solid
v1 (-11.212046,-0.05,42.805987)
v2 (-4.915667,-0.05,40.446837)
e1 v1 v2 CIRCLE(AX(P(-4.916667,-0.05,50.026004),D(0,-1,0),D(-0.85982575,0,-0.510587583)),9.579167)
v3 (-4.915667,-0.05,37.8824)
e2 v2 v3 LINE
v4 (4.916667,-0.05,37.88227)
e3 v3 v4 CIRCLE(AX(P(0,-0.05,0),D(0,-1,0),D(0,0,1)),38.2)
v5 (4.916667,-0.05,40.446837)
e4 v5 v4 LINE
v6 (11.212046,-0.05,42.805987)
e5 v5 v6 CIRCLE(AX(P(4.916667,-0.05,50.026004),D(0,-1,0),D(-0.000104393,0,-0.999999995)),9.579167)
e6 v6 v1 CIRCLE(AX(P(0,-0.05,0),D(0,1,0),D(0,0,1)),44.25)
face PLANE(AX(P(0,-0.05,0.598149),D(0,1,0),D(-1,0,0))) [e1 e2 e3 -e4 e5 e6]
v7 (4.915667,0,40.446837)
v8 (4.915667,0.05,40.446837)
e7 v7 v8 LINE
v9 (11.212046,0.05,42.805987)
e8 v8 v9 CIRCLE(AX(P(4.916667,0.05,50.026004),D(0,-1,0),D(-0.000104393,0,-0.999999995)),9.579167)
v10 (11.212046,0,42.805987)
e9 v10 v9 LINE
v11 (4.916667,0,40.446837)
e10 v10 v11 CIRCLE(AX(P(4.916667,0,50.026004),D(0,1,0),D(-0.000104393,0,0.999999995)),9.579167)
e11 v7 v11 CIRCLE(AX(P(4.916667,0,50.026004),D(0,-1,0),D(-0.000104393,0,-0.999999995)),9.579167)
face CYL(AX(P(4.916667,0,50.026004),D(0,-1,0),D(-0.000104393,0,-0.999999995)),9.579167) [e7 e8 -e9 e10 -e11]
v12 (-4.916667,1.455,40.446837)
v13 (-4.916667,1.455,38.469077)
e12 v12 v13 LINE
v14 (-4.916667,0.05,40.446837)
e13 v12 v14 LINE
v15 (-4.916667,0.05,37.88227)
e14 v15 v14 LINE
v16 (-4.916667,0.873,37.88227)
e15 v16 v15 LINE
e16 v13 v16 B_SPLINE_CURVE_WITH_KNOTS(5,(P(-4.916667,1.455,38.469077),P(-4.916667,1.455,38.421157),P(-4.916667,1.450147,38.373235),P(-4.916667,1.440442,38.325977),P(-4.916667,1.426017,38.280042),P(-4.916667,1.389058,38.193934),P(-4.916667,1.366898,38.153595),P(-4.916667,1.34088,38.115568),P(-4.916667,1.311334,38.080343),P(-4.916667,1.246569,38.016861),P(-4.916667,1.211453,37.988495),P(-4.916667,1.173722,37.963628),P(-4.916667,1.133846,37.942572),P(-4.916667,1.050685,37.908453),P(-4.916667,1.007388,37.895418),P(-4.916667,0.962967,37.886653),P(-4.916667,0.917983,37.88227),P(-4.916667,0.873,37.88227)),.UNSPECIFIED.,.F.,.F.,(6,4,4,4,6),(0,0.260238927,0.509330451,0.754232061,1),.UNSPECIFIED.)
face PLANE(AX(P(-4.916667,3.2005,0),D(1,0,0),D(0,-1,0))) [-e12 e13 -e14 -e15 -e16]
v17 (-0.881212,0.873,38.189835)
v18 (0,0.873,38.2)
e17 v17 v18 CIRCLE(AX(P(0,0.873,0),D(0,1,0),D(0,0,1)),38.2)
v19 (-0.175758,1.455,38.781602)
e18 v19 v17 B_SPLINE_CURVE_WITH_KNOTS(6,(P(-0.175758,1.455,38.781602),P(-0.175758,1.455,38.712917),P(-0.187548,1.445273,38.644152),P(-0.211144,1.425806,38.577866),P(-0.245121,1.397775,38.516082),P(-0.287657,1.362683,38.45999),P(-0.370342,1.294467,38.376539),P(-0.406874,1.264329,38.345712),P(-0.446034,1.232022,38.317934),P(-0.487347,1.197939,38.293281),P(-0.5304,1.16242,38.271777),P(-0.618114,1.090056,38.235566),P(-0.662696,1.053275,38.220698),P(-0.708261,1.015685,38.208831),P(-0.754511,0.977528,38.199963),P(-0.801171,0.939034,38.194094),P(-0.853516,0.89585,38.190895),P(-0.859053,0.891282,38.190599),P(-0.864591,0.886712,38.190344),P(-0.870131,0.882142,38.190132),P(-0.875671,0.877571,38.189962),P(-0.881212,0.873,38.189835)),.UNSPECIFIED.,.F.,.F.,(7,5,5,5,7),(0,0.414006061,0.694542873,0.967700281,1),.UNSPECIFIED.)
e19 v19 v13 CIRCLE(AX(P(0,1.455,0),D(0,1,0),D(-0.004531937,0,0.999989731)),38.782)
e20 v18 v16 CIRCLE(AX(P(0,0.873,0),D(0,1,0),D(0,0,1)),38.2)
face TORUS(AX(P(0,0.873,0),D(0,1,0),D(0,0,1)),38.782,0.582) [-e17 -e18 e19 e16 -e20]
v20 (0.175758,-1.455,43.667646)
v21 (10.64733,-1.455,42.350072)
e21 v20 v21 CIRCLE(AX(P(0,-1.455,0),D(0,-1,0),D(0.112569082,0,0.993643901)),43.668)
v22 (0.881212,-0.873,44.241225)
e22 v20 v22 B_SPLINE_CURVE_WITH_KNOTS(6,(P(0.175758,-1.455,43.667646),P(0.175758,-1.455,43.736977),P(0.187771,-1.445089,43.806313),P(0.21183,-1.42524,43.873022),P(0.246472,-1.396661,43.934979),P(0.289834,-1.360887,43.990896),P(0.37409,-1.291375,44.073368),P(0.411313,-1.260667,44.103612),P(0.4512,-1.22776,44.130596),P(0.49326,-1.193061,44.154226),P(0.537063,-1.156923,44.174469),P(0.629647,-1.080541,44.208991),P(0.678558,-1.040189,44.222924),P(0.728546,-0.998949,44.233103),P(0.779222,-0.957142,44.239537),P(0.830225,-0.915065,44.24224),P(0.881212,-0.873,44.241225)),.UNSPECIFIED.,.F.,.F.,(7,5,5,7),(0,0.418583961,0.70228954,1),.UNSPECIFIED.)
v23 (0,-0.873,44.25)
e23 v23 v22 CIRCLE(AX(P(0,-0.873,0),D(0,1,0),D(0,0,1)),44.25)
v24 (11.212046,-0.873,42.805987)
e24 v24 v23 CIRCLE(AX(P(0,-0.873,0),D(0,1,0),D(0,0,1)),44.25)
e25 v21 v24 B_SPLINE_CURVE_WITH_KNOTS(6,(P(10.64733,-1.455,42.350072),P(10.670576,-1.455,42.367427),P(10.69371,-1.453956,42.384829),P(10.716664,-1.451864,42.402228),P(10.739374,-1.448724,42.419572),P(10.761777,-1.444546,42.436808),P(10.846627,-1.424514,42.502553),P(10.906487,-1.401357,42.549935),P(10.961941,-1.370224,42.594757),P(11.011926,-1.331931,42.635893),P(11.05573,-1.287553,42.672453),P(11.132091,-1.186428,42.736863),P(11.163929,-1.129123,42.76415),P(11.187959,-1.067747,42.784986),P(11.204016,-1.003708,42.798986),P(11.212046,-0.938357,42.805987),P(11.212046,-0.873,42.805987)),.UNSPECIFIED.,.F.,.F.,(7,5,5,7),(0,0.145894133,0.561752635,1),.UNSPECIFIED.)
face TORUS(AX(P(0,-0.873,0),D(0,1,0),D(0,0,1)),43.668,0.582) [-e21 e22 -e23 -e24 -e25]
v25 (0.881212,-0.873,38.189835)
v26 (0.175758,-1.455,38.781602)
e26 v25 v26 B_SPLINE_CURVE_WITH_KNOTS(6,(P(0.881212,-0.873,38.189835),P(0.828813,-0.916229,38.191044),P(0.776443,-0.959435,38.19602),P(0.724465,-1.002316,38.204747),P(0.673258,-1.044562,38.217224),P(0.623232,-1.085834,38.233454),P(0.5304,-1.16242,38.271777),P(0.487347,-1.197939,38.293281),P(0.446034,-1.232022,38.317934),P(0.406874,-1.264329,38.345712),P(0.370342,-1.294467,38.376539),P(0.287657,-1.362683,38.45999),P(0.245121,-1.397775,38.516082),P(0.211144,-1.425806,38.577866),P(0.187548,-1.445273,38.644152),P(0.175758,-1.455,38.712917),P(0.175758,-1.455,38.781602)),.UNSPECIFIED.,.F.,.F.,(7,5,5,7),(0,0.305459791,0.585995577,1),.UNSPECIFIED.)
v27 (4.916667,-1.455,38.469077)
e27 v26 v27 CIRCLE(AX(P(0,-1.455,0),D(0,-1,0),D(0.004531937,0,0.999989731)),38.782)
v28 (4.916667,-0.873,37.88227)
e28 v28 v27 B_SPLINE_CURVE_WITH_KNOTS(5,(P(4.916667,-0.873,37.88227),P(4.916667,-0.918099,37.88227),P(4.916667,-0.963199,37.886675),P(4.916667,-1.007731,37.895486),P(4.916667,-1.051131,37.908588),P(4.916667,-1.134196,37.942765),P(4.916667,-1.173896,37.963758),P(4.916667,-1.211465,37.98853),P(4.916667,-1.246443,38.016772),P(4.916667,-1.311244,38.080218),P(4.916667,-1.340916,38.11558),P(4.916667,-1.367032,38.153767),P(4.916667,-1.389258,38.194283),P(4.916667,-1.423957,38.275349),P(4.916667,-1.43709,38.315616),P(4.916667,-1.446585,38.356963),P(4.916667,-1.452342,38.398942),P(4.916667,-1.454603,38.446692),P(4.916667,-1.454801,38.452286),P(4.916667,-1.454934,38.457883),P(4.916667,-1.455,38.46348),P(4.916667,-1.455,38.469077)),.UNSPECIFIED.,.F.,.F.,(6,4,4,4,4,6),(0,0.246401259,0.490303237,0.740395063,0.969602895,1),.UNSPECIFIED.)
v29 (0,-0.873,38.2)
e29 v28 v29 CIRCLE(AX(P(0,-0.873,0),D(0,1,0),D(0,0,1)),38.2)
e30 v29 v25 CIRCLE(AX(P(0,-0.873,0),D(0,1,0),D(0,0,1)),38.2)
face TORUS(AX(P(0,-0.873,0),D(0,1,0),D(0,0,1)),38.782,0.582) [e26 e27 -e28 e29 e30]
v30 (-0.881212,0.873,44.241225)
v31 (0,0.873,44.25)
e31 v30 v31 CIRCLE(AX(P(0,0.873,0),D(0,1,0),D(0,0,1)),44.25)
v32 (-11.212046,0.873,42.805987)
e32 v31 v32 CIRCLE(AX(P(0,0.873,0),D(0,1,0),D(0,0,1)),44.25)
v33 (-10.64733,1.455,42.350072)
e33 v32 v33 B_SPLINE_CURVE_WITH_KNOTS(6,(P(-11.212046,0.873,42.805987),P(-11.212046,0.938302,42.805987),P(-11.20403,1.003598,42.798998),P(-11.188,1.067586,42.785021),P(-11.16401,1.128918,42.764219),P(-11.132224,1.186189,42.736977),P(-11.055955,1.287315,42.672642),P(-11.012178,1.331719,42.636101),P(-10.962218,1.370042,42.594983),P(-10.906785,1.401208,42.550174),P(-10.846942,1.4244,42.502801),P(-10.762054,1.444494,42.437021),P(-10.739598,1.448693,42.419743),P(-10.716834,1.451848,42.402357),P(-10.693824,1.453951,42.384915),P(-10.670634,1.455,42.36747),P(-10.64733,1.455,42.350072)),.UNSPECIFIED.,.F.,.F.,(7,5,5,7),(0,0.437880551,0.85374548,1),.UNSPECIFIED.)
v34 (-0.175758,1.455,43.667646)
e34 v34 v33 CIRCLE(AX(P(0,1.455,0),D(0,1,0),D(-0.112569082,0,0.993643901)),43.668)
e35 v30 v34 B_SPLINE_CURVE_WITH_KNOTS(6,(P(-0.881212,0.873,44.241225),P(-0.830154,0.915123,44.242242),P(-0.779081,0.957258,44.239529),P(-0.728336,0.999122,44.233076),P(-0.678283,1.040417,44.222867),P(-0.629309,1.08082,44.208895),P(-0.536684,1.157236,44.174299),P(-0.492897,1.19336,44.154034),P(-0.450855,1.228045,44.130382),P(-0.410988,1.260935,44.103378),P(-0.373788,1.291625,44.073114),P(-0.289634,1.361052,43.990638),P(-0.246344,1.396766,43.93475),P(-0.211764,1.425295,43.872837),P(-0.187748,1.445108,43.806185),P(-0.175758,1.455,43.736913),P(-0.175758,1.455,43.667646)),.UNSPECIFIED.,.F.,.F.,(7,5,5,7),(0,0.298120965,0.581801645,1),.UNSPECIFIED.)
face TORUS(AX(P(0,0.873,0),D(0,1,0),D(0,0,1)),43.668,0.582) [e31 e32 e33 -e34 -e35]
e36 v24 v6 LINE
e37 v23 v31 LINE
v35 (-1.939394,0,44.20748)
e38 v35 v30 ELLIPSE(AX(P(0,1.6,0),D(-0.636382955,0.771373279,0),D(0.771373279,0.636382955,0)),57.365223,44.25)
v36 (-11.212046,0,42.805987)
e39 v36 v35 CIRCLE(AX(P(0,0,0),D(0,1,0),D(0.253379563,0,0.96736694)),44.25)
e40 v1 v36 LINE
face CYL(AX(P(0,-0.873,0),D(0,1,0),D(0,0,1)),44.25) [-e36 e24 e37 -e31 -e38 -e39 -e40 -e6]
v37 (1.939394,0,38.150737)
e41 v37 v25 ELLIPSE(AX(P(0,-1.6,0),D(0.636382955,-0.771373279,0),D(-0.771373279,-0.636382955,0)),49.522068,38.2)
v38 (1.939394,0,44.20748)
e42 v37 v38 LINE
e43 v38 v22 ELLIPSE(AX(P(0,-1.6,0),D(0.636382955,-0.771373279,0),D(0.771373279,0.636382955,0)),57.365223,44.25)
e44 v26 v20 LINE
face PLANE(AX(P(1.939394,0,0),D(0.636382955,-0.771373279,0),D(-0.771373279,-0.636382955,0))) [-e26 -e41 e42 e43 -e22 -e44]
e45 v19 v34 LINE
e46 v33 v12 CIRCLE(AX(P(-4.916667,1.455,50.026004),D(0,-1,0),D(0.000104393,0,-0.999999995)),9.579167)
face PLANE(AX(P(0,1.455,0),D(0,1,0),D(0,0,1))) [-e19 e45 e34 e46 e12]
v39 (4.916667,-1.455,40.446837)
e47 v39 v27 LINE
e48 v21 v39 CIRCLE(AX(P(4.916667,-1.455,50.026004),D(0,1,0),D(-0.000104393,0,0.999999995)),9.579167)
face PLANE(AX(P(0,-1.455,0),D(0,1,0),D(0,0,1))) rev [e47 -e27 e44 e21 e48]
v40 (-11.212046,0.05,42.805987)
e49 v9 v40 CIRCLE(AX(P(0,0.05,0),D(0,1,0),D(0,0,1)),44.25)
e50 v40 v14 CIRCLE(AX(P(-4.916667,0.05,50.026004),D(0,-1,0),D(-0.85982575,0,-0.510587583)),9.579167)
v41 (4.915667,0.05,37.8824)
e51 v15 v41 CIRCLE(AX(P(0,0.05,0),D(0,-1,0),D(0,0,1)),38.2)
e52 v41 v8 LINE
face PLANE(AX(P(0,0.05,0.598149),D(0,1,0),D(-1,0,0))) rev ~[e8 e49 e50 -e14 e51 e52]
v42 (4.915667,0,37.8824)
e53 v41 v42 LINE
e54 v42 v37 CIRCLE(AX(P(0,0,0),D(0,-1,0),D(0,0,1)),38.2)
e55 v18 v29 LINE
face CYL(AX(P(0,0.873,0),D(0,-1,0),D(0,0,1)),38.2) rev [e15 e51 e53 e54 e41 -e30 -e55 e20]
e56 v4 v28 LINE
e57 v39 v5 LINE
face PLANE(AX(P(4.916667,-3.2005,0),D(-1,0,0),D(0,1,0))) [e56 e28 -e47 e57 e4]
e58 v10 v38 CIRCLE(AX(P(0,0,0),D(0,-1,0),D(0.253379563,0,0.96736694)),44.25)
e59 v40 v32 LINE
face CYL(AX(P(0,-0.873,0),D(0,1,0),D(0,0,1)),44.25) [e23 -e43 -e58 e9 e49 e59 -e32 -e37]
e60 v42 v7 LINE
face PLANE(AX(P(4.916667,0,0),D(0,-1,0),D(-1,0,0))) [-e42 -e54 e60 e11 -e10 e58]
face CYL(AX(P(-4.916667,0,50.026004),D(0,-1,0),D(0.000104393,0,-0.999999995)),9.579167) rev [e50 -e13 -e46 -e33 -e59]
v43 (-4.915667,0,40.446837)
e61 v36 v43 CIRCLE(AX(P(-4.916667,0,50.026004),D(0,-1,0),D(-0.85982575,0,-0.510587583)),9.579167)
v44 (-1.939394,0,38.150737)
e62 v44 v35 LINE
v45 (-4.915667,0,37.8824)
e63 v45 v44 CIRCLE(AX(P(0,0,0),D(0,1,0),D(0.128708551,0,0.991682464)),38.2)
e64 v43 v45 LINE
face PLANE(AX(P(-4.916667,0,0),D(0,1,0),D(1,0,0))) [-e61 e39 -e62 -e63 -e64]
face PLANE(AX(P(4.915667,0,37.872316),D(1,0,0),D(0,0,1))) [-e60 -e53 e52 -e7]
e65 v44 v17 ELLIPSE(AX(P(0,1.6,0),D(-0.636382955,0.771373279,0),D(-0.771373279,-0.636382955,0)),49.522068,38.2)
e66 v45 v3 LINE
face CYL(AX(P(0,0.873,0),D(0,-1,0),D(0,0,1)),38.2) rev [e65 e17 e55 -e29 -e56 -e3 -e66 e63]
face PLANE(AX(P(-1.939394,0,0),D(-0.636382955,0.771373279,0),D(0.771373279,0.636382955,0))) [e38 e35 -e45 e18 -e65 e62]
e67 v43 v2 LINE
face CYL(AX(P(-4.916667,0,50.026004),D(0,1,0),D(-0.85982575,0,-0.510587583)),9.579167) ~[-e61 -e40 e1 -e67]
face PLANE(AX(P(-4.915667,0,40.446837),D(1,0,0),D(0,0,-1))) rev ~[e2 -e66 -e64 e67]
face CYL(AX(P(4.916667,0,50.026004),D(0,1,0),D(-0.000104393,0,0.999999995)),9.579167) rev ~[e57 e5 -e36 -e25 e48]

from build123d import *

# Parameters (mm, degrees)
EXTRUDE1_DEPTH      = 88.5
EXTRUDE2_DEPTH      = 88.5
EXTRUDE3_DEPTH      = 88.5
EXTRUDE4_DEPTH      = 88.5
EXTRUDE5_DEPTH      = 0.05
EXTRUDE5_DEPTH_BACK = 0.05


with BuildPart() as part:
    # Sketch1 → Revolve1 (revolve)
    with BuildSketch(Plane(origin=(0, 0, 0), x_dir=(0, 0, -1), z_dir=(1, 0, 0)), mode=Mode.PRIVATE) as revolve1_sk:
        with BuildLine():
            Line((38.2, 0.873), (38.2, -0.873))
            ThreePointArc((38.2, -0.873), (38.370463853, -1.284536147), (38.782, -1.455))
            Line((38.782, -1.455), (43.668, -1.455))
            ThreePointArc((43.668, -1.455), (44.079536147, -1.284536147), (44.25, -0.873))
            Line((44.25, -0.873), (44.25, 0.873))
            ThreePointArc((44.25, 0.873), (44.079536147, 1.284536147), (43.668, 1.455))
            Line((43.668, 1.455), (38.782, 1.455))
            ThreePointArc((38.782, 1.455), (38.370463853, 1.284536147), (38.2, 0.873))
        make_face()
    revolve(revolve1_sk.sketch.rotate(Axis((0, -1, 0), (0, 1, 0)), 180), axis=Axis((0, -1, 0), (0, 1, 0)))

    # Sketch2 → Extrude1 (cut)
    with BuildSketch(Plane(origin=(0, 0, 0), x_dir=(-1, 0, 0), z_dir=(0, 1, 0))):
        with BuildLine():
            Line((4.915666667, 59.605170172), (4.915666667, 40.446836943))
            ThreePointArc((4.915666667, 40.446836943), (14.495833333, 50.026003557), (4.915666667, 59.605170172))
        make_face()
    extrude(amount=EXTRUDE1_DEPTH, mode=Mode.SUBTRACT)

    # Sketch3 → Extrude2 (cut)
    with BuildSketch(Plane(origin=(0, 0, 0), x_dir=(-1, 0, 0), z_dir=(0, 1, 0))):
        with BuildLine():
            Line((-4.915666667, 40.446836943), (-4.915666667, 59.605170172))
            ThreePointArc((-4.915666667, 59.605170172), (-14.495833333, 50.026003557), (-4.915666667, 40.446836943))
        make_face()
    extrude(amount=-EXTRUDE2_DEPTH, mode=Mode.SUBTRACT)

    # Sketch4 → Extrude3 (cut)
    with BuildSketch(Plane.XY):
        Polygon((-4.916666667, 0), (-1.939393939, 0), (1.94, 3.2005), (-4.916666667, 3.2005), align=None)
    extrude(amount=EXTRUDE3_DEPTH, mode=Mode.SUBTRACT)

    # Sketch5 → Extrude4 (cut)
    with BuildSketch(Plane.XY):
        Polygon((-1.94, -3.2005), (4.916666667, -3.2005), (4.916666667, 0), (1.939393939, 0), align=None)
    extrude(amount=EXTRUDE4_DEPTH, mode=Mode.SUBTRACT)

    # Sketch6 → Extrude5 (cut, two sides)
    with BuildSketch(Plane(origin=(0, 0, 0), x_dir=(-1, 0, 0), z_dir=(0, 1, 0))) as extrude5_sk:
        with BuildLine():
            Line((45.135, -45.135), (45.135, 45.135))
            Line((45.135, 45.135), (13.153080827, 45.135))
            ThreePointArc((13.153080827, 45.135), (9.654834014, 41.700728534), (4.915666667, 40.446836943))
            Line((4.915666667, 40.446836943), (4.915666667, 37.872316027))
            ThreePointArc((4.915666667, 37.872316027), (0, 38.19), (-4.915666667, 37.872316027))
            Line((-4.915666667, 37.872316027), (-4.915666667, 40.446836943))
            ThreePointArc((-4.915666667, 40.446836943), (-9.654834014, 41.700728534), (-13.153080827, 45.135))
            Line((-13.153080827, 45.135), (-45.135, 45.135))
            Line((-45.135, 45.135), (-45.135, -45.135))
            Line((-45.135, -45.135), (45.135, -45.135))
        make_face()
    extrude(amount=EXTRUDE5_DEPTH, mode=Mode.SUBTRACT)
    extrude(extrude5_sk.sketch, amount=-EXTRUDE5_DEPTH_BACK, mode=Mode.SUBTRACT)


solid = part.part
